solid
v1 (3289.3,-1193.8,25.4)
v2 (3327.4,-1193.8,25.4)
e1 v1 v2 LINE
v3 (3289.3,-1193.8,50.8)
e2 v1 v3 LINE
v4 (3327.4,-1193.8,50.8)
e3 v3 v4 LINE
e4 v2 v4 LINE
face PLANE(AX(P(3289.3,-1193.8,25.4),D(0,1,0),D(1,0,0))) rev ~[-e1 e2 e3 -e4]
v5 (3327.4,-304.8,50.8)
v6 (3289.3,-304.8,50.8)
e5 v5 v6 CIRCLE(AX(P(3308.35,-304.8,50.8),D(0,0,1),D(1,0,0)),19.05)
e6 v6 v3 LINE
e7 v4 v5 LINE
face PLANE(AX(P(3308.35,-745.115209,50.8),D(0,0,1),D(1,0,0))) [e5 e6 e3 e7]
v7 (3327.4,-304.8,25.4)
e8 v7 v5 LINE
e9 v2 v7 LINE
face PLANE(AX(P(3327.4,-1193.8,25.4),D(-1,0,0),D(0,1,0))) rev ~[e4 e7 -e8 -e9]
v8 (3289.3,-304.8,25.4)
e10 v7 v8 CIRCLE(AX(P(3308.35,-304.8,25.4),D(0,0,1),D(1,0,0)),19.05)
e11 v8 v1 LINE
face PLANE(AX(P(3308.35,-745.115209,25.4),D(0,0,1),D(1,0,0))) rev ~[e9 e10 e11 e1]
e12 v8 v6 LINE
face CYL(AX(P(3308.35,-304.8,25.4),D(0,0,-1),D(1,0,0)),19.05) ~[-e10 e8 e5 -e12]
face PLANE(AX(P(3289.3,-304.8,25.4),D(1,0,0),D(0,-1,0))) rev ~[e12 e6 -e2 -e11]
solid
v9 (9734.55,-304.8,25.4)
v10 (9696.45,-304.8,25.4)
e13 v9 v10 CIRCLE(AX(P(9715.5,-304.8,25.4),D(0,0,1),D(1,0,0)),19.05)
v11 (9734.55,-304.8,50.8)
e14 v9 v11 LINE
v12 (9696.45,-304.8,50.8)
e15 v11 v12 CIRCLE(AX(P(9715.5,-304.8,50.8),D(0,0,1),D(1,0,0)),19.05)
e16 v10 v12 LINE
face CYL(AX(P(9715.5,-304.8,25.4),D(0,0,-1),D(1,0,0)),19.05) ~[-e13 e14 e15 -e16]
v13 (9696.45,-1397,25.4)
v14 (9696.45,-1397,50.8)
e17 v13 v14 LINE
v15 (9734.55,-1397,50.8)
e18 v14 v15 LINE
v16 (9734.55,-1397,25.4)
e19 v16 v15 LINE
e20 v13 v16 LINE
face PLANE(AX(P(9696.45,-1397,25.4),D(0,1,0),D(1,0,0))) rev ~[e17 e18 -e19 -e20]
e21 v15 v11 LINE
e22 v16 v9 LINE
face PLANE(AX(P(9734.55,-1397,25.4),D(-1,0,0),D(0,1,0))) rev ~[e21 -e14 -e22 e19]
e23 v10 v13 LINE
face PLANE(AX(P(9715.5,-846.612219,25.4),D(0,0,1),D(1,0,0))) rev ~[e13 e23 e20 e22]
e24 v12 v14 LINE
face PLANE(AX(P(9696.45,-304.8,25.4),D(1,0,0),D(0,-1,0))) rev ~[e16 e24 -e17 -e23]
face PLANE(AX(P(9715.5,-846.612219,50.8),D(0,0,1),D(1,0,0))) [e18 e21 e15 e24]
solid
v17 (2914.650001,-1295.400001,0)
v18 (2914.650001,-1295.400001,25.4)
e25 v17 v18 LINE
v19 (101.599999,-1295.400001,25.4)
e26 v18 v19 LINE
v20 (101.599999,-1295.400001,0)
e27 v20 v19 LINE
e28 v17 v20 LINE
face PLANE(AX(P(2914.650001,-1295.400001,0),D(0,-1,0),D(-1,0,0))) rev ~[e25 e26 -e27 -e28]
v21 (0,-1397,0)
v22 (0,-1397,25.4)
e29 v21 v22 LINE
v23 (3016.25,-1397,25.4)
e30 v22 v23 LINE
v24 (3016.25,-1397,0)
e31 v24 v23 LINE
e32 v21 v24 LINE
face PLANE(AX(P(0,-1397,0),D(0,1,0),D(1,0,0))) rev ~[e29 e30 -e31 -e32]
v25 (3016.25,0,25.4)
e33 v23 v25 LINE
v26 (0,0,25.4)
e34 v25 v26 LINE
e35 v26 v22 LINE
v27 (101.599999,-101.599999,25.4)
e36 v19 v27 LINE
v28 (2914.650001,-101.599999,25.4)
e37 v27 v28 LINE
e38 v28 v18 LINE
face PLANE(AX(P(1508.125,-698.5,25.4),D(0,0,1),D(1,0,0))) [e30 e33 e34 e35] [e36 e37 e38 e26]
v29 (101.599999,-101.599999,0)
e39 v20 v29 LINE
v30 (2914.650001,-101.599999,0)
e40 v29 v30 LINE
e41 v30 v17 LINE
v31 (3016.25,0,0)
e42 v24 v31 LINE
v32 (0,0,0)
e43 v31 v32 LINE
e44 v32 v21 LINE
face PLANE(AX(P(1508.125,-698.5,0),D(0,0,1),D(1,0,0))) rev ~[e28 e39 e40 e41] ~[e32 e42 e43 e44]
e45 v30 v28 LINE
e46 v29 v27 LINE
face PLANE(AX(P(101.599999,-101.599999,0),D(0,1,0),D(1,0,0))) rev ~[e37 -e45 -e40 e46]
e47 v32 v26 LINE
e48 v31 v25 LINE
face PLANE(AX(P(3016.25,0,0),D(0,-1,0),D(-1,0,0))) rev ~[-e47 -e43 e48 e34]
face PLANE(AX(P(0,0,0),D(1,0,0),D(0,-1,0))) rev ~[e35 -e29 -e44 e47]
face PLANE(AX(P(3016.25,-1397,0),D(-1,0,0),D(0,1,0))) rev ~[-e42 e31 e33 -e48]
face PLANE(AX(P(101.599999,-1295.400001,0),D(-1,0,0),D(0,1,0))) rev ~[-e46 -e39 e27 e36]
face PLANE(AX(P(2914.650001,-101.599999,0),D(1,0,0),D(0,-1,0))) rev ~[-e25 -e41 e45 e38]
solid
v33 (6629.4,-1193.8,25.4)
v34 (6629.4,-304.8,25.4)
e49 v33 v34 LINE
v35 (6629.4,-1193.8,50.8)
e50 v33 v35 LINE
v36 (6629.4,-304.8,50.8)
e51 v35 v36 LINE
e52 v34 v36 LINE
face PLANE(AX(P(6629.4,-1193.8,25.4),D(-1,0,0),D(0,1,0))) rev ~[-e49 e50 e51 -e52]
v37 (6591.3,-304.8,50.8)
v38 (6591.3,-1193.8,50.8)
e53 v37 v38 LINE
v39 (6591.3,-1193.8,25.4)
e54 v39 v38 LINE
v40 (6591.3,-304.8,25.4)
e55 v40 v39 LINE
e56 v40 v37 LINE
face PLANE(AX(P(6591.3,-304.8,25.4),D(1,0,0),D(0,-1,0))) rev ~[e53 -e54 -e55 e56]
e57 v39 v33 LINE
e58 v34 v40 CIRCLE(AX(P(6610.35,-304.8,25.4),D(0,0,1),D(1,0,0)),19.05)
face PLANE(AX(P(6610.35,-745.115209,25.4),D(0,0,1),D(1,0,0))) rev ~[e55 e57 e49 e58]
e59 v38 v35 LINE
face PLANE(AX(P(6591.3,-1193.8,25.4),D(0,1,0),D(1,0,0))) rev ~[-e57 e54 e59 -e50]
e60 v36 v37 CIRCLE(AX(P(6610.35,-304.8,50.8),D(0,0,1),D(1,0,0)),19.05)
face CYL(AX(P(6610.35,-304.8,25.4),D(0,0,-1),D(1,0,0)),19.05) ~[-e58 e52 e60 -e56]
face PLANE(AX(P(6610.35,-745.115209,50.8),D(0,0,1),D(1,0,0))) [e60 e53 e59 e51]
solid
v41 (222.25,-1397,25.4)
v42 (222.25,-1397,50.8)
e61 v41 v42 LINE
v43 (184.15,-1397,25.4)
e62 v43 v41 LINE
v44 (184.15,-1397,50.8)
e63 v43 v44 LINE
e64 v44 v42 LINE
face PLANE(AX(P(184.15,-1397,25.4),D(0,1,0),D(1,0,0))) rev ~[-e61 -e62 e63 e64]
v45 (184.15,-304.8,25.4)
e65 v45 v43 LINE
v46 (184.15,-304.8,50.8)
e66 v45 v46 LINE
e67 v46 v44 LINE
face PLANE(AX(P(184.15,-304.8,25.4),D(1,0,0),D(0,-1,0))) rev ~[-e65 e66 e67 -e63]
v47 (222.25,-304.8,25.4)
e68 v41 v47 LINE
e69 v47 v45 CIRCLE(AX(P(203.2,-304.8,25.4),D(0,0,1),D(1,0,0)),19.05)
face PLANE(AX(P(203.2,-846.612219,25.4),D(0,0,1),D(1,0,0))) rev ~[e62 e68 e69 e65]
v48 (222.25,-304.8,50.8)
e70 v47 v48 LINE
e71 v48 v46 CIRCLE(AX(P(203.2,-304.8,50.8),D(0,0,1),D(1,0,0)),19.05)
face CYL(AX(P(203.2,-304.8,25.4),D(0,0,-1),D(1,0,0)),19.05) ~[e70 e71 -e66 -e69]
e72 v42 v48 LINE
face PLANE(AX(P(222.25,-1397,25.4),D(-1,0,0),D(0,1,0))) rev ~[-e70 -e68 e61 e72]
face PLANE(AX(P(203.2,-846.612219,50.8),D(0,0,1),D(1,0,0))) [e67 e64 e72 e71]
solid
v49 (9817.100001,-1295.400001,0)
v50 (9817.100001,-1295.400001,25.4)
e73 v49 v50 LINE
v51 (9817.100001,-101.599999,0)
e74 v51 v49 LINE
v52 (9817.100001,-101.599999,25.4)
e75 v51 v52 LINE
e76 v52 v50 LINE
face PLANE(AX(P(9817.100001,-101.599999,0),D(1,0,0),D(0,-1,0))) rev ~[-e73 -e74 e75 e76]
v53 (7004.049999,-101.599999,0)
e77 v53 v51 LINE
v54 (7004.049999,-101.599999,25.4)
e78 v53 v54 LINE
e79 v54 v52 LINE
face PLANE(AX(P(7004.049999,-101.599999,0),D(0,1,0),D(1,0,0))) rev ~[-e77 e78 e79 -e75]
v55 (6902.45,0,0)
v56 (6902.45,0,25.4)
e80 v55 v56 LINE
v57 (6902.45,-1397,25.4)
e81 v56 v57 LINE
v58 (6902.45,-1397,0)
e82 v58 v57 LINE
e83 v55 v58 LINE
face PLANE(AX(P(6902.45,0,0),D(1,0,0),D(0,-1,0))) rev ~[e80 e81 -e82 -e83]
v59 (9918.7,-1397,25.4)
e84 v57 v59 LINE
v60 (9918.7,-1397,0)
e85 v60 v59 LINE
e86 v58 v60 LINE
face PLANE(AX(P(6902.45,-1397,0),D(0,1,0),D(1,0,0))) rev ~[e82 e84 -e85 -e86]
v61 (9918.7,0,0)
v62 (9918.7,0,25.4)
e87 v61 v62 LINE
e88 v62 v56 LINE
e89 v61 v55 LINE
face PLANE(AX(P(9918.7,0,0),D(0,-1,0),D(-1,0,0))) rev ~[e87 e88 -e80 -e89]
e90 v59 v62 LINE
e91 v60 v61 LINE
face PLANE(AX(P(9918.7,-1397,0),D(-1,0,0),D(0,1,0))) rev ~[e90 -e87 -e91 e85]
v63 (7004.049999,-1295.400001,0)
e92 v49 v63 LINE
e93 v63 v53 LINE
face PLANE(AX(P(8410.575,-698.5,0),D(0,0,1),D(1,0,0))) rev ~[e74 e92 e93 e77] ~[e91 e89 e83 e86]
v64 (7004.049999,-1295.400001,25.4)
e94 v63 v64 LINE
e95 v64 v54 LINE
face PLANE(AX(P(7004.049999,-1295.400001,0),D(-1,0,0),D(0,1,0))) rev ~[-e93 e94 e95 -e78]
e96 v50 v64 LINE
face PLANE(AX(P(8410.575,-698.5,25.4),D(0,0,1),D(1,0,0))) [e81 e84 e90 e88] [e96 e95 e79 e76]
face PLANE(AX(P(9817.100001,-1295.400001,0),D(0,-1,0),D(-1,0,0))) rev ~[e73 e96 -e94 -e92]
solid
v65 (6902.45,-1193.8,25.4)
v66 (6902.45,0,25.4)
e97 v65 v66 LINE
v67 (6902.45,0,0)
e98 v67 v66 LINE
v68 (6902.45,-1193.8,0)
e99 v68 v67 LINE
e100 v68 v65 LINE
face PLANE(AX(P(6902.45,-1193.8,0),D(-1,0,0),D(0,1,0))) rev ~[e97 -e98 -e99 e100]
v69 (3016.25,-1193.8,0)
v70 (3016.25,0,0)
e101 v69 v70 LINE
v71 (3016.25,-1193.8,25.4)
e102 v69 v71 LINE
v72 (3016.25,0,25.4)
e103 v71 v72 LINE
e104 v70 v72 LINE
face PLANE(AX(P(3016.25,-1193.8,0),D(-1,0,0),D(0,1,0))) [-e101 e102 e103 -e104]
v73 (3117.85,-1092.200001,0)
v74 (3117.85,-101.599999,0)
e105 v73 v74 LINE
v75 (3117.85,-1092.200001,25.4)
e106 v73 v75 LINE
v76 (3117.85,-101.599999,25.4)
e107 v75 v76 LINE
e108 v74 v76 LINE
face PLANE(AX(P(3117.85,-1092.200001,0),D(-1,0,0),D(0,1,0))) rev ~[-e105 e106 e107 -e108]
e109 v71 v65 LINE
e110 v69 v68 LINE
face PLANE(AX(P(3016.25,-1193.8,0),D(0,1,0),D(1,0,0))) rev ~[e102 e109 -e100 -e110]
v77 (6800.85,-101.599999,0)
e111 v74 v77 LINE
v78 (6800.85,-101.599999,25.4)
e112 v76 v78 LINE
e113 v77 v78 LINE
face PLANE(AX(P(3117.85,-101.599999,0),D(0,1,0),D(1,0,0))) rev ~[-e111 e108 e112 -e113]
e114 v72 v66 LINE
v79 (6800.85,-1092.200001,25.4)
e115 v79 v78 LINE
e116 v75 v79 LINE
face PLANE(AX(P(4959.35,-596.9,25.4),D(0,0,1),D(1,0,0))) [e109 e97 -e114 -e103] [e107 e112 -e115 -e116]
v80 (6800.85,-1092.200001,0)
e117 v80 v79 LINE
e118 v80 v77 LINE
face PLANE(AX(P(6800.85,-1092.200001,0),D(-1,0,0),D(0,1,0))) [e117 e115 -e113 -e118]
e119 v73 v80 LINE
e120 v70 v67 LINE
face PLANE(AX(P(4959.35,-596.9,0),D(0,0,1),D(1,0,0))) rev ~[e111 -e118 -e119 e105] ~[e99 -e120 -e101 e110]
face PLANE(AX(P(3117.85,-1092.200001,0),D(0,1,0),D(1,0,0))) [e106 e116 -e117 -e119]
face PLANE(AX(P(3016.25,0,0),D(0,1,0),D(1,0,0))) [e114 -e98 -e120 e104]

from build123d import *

# Parameters (mm, degrees)
F1_DEPTH = 25.4
F0_W     = 3886.2
F0_H     = 1193.8
F0_W_2   = 3683
F0_H_2   = 990.6000024557
F2_DEPTH = 25.4
F3_DEPTH = 25.4
F5_DEPTH = 25.4


with BuildPart() as f1:
    # F0 (on Top) → F1 (new body)
    with BuildSketch(Plane.XY):
        Polygon((3016.25, 0), (0, 0), (0, -1397), (3016.25, -1397), (3016.25, -1193.8), align=None)
        Polygon((2914.6500012279, -1295.4000012279), (101.5999987721, -1295.4000012279), (101.5999987721, -101.5999987721), (2914.6500012279, -101.5999987721), (2914.6500012279, -1092.2000012279), align=None, mode=Mode.SUBTRACT)
    extrude(amount=F1_DEPTH)


with BuildPart() as f2:
    # F0 (on Top) → F2 (new body)
    with BuildSketch(Plane.XY):
        with Locations((4959.35, -596.9)):
            Rectangle(F0_W, F0_H)
        with Locations((4959.35, -596.9)):
            Rectangle(F0_W_2, F0_H_2, mode=Mode.SUBTRACT)
    extrude(amount=F2_DEPTH)


with BuildPart() as f3:
    # F0 (on Top) → F3 (new body)
    with BuildSketch(Plane.XY):
        Polygon((9918.7, 0), (6902.45, 0), (6902.45, -1193.8), (6902.45, -1397), (9918.7, -1397), align=None)
        Polygon((7004.0499987721, -101.5999987721), (9817.1000012279, -101.5999987721), (9817.1000012279, -1295.4000012279), (7004.0499987721, -1295.4000012279), (7004.0499987721, -1092.2000012279), align=None, mode=Mode.SUBTRACT)
    extrude(amount=F3_DEPTH)


with BuildPart() as f5:
    # F4 (on face) → F5 (new body)
    with BuildSketch(Plane.XY.offset(25.4)):
        with BuildLine():
            Line((184.15, -304.8), (184.15, -1397))
            Line((184.15, -1397), (222.25, -1397))
            Line((222.25, -1397), (222.25, -304.8))
            ThreePointArc((222.25, -304.8), (203.2, -323.85), (184.15, -304.8))
        make_face()
        with BuildLine():
            ThreePointArc((222.25, -304.8), (203.2, -285.75), (184.15, -304.8))
            Line((184.15, -304.8), (222.25, -304.8))
        make_face()
        with BuildLine():
            Line((222.25, -304.8), (184.15, -304.8))
            ThreePointArc((184.15, -304.8), (203.2, -323.85), (222.25, -304.8))
        make_face()
    extrude(amount=F5_DEPTH)


with BuildPart() as f5b:
    # F4 (on face) → F5, piece 2 (new body)
    with BuildSketch(Plane.XY.offset(25.4)):
        with BuildLine():
            Line((3289.3, -304.8), (3289.3, -1193.8))
            Line((3289.3, -1193.8), (3327.4, -1193.8))
            Line((3327.4, -1193.8), (3327.4, -304.8))
            ThreePointArc((3327.4, -304.8), (3308.35, -323.85), (3289.3, -304.8))
        make_face()
        with BuildLine():
            ThreePointArc((3327.4, -304.8), (3308.35, -285.75), (3289.3, -304.8))
            Line((3289.3, -304.8), (3327.4, -304.8))
        make_face()
        with BuildLine():
            Line((3327.4, -304.8), (3289.3, -304.8))
            ThreePointArc((3289.3, -304.8), (3308.35, -323.85), (3327.4, -304.8))
        make_face()
    extrude(amount=F5_DEPTH)


with BuildPart() as f5c:
    # F4 (on face) → F5, piece 3 (new body)
    with BuildSketch(Plane.XY.offset(25.4)):
        with BuildLine():
            Line((6591.3, -304.8), (6591.3, -1193.8))
            Line((6591.3, -1193.8), (6629.4, -1193.8))
            Line((6629.4, -1193.8), (6629.4, -304.8))
            ThreePointArc((6629.4, -304.8), (6610.35, -323.85), (6591.3, -304.8))
        make_face()
        with BuildLine():
            ThreePointArc((6629.4, -304.8), (6610.35, -285.75), (6591.3, -304.8))
            Line((6591.3, -304.8), (6629.4, -304.8))
        make_face()
        with BuildLine():
            Line((6629.4, -304.8), (6591.3, -304.8))
            ThreePointArc((6591.3, -304.8), (6610.35, -323.85), (6629.4, -304.8))
        make_face()
    extrude(amount=F5_DEPTH)


with BuildPart() as f5d:
    # F4 (on face) → F5, piece 4 (new body)
    with BuildSketch(Plane.XY.offset(25.4)):
        with BuildLine():
            Line((9696.45, -304.8), (9696.45, -1397))
            Line((9696.45, -1397), (9734.55, -1397))
            Line((9734.55, -1397), (9734.55, -304.8))
            ThreePointArc((9734.55, -304.8), (9715.5, -323.85), (9696.45, -304.8))
        make_face()
        with BuildLine():
            ThreePointArc((9734.55, -304.8), (9715.5, -285.75), (9696.45, -304.8))
            Line((9696.45, -304.8), (9734.55, -304.8))
        make_face()
        with BuildLine():
            Line((9734.55, -304.8), (9696.45, -304.8))
            ThreePointArc((9696.45, -304.8), (9715.5, -323.85), (9734.55, -304.8))
        make_face()
    extrude(amount=F5_DEPTH)


solid = Compound([f1.part, f2.part, f3.part, f5.part, f5b.part, f5c.part, f5d.part])
